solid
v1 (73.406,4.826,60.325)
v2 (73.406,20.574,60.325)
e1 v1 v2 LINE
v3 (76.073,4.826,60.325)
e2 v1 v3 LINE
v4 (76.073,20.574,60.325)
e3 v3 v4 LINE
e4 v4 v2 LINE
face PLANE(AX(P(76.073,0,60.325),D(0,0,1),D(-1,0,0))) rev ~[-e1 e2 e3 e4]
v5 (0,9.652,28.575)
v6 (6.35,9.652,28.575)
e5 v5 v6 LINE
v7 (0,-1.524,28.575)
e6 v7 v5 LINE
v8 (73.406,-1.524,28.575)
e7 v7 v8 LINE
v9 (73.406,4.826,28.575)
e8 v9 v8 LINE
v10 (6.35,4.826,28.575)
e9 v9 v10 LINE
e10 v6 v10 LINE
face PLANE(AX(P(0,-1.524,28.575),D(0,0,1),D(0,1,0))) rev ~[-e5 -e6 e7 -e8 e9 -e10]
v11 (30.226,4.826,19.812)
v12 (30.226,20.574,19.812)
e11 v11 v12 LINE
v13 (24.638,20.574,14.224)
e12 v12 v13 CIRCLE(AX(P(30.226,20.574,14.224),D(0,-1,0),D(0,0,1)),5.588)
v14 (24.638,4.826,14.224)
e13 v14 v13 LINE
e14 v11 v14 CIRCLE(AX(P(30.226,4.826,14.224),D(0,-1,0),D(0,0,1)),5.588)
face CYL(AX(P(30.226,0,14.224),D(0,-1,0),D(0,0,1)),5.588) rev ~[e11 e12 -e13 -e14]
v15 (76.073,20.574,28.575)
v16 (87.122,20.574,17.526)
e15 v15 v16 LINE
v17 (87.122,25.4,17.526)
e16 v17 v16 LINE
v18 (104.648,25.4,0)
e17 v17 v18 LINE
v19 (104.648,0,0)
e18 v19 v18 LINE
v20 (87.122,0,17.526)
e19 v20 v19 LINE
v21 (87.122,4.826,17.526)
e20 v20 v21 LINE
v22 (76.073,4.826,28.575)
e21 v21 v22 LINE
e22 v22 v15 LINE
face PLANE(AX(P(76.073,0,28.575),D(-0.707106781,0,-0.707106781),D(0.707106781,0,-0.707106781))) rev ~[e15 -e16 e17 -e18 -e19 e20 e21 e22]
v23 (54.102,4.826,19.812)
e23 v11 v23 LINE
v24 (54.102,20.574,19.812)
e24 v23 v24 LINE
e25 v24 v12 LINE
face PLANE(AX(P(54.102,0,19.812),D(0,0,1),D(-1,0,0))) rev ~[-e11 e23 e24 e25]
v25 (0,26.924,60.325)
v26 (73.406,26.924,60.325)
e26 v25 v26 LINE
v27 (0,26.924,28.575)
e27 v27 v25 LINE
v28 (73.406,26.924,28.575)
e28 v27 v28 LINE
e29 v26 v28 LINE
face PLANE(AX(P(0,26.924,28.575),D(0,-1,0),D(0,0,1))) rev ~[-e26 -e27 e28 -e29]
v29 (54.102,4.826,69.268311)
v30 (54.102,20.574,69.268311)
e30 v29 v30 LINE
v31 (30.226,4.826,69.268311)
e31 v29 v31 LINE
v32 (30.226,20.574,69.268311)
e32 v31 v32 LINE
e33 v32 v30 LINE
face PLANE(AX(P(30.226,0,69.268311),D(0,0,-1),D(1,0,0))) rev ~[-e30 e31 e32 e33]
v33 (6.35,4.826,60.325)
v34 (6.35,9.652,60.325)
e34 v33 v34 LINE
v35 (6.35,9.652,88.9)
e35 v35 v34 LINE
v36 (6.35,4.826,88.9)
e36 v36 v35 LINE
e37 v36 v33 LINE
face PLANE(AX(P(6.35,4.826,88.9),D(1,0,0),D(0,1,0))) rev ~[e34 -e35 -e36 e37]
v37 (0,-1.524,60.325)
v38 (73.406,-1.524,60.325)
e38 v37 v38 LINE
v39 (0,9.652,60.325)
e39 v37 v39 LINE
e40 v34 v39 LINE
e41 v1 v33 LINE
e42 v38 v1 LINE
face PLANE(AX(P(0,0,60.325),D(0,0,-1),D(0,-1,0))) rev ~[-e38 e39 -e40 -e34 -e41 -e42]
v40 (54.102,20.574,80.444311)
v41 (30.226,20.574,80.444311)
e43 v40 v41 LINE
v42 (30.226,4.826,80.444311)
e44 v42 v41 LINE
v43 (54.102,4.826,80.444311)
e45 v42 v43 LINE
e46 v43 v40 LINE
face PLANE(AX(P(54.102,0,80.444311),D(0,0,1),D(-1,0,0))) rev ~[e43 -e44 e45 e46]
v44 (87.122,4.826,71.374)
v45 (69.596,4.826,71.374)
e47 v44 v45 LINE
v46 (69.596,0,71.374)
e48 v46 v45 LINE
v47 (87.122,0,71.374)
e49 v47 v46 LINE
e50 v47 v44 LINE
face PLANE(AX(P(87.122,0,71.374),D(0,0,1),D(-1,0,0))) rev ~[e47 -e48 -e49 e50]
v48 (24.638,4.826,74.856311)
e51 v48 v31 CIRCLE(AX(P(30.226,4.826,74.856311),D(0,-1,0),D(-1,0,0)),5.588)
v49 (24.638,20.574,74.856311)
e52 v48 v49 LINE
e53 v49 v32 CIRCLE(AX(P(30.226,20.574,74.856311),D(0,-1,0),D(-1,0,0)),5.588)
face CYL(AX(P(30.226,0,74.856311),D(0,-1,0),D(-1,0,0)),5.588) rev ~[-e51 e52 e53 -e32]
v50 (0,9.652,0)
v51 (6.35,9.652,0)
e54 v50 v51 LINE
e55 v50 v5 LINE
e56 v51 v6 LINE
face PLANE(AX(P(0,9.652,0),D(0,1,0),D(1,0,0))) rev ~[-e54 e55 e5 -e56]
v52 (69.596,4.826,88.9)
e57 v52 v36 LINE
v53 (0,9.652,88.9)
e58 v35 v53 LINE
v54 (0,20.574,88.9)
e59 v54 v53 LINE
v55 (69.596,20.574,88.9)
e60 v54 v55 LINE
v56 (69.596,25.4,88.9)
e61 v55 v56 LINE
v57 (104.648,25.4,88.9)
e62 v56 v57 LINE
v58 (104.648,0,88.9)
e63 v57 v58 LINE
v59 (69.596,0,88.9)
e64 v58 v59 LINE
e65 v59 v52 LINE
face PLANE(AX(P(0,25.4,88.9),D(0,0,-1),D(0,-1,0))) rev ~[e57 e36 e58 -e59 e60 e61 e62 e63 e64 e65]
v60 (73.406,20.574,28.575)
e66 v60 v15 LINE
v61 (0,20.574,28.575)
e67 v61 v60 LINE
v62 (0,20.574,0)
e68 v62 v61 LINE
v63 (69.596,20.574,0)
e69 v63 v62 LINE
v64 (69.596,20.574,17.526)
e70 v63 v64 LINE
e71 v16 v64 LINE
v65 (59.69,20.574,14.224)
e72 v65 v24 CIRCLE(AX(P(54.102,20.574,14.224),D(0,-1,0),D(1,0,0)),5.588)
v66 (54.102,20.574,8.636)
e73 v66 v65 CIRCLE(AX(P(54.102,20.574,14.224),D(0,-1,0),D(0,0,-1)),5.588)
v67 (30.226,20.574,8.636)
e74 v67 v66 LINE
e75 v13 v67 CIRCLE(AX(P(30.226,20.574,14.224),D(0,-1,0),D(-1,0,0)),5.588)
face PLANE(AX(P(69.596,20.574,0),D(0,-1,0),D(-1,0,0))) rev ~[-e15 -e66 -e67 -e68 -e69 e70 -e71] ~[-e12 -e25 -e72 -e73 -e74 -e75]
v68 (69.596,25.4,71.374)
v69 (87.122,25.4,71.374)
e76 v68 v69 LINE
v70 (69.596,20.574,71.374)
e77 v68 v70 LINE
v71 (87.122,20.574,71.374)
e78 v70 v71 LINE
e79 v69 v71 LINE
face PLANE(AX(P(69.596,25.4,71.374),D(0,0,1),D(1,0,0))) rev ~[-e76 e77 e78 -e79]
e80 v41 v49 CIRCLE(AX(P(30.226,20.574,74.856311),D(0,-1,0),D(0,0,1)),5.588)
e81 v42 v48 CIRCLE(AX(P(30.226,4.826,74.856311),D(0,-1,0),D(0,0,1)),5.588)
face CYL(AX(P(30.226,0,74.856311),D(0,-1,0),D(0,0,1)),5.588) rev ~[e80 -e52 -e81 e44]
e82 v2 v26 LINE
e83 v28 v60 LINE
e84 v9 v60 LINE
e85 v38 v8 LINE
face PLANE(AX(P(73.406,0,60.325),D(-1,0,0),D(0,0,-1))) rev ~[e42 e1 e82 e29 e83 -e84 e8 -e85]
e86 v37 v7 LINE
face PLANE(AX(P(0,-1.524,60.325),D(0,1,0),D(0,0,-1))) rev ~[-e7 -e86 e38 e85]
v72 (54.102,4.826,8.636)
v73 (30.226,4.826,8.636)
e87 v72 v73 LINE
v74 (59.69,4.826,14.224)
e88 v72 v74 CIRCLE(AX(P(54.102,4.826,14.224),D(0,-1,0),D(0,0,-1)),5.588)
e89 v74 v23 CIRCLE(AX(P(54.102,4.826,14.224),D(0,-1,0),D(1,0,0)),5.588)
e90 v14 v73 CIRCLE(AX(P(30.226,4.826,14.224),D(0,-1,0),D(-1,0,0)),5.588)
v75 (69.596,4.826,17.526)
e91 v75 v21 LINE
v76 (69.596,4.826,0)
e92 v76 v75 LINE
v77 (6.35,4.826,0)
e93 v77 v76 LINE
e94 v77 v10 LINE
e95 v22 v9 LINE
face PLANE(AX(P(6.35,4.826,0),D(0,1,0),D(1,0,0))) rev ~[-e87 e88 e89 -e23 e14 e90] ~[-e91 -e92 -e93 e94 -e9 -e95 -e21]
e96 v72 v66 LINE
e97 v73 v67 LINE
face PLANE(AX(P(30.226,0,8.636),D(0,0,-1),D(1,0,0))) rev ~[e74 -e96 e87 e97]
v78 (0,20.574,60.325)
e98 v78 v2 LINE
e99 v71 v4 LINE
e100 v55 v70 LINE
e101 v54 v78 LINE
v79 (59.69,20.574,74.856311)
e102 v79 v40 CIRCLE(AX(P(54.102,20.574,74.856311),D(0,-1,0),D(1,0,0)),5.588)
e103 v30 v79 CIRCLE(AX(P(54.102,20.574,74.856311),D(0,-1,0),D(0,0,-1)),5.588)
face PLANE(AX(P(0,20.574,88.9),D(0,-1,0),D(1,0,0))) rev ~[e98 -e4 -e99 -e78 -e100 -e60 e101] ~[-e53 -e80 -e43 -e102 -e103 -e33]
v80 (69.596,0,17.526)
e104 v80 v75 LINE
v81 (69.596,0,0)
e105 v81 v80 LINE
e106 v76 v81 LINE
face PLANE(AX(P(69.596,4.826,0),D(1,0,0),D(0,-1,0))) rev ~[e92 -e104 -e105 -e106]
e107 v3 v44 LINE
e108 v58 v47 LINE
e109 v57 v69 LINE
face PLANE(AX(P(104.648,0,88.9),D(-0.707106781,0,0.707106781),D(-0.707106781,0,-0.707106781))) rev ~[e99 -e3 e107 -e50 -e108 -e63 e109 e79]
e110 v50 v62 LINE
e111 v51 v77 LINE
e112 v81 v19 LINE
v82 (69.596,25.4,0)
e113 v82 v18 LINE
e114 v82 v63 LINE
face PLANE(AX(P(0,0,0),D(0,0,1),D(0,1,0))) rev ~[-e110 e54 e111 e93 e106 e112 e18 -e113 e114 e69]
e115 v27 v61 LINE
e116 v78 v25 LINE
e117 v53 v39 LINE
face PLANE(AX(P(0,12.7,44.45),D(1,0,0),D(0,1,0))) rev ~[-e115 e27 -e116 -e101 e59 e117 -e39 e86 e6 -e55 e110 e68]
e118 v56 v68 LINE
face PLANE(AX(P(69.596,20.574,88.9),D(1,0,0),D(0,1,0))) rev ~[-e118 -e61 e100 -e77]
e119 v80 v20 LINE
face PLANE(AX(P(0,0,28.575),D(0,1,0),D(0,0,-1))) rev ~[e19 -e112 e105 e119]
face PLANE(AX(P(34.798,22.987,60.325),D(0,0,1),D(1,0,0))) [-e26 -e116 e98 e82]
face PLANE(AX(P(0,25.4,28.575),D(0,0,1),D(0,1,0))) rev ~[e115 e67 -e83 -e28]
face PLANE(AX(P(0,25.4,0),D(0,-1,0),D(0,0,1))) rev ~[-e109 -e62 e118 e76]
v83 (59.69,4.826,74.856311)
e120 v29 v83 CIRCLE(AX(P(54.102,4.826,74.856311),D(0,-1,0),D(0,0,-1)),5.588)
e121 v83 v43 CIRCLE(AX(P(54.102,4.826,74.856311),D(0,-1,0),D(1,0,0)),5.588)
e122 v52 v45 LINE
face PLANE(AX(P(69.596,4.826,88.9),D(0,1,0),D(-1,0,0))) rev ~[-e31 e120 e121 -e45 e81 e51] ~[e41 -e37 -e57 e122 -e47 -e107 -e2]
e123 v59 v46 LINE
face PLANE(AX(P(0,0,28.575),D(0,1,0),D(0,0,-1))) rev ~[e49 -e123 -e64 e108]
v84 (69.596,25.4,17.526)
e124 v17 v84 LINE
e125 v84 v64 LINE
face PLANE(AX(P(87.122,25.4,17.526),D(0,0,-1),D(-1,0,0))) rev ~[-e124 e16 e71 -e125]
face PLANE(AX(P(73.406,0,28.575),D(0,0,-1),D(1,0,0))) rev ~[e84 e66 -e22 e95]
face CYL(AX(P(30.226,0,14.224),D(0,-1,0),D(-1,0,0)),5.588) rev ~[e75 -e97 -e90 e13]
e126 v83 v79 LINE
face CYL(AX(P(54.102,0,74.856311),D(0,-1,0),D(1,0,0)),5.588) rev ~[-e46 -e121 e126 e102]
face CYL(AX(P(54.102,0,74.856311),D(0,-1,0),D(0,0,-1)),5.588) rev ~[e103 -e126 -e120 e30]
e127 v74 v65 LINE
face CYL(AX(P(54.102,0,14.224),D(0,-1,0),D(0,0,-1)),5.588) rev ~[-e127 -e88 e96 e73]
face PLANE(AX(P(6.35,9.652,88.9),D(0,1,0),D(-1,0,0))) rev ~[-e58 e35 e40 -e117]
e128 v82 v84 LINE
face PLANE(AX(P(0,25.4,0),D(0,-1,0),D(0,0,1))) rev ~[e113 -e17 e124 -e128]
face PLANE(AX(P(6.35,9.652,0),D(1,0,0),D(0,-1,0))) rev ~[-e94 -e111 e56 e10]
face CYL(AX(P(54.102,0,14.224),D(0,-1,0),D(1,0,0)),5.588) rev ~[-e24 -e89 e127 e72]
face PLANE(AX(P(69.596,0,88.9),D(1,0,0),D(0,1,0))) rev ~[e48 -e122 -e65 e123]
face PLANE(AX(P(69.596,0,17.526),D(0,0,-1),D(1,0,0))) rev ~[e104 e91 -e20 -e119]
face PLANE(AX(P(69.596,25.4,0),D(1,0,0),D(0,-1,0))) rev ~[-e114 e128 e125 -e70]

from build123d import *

# Parameters (mm, degrees)
F1_DEPTH  = 104.648
F2_W      = 69.596
F2_H      = 4.826
F3_DEPTH  = 28.575
F2_W_2    = 31.242
F2_H_2    = 1.524
F4_DEPTH  = 150.7
F6_DEPTH  = 28.575
F8_DEPTH  = 26.925
F9_DEPTH  = 4.826
F11_DEPTH = 4.826
F13_DEPTH = 26.925


with BuildPart() as f1:
    # F0 (on Right) → F1 (new body)
    with BuildSketch(Plane.YZ):
        Polygon((0, 28.575), (0, 0), (25.4, 0), (25.4, 28.575), (26.924, 28.575), (26.924, 60.325), (25.4, 60.325), (25.4, 88.9), (0, 88.9), (0, 60.325), (-1.524, 60.325), (-1.524, 28.575), align=None)
    extrude(amount=F1_DEPTH)

    # F2 (on face) → F3 (cut)
    with BuildSketch(Plane.XY.offset(88.9)):
        with Locations((34.798, 22.987)):
            Rectangle(F2_W, F2_H)
        Polygon((0, 4.826), (0, 0), (69.596, 0), (69.596, 4.826), (6.35, 4.826), (6.35, 9.652), (0, 9.652), align=None)
    extrude(amount=-F3_DEPTH, mode=Mode.SUBTRACT)

    # F2 (on face) → F4 (cut)
    with BuildSketch(Plane.XY.offset(88.9)):
        with Locations((89.027, 26.162)):
            Rectangle(F2_W_2, F2_H_2)
        with Locations((89.027, -0.762)):
            Rectangle(F2_W_2, F2_H_2)
    extrude(amount=-F4_DEPTH, mode=Mode.SUBTRACT)

    # F5 (on face) → F6 (cut)
    with BuildSketch(Plane(origin=(0, 0, 0), x_dir=(1, 0, 0), z_dir=(0, 0, -1))):
        Polygon((6.35, -9.652), (6.35, -4.826), (69.596, -4.826), (69.596, 0), (73.406, 0), (73.406, 1.524), (0, 1.524), (0, -9.652), align=None)
        Polygon((69.596, -20.574), (0, -20.574), (0, -26.924), (73.406, -26.924), (73.406, -25.4), (69.596, -25.4), align=None)
    extrude(amount=-F6_DEPTH, mode=Mode.SUBTRACT)

    # F7 (on face) → F8 (cut, through all)
    with BuildSketch(Plane.XZ):
        Polygon((104.648, 44.45), (104.648, 88.9), (87.122, 71.374), (76.073, 60.325), (73.406, 60.325), (73.406, 44.45), align=None)
        Polygon((104.648, 0), (104.648, 44.45), (73.406, 44.45), (73.406, 28.575), (76.073, 28.575), (87.122, 17.526), align=None)
    extrude(amount=-F8_DEPTH, mode=Mode.SUBTRACT)

    # F7 (on face) → F9 (cut)
    with BuildSketch(Plane.XZ):
        Polygon((76.073, 60.325), (87.122, 71.374), (69.596, 71.374), (69.596, 60.325), (73.406, 60.325), align=None)
        Polygon((69.596, 17.526), (87.122, 17.526), (76.073, 28.575), (73.406, 28.575), (69.596, 28.575), align=None)
    extrude(amount=-F9_DEPTH, mode=Mode.SUBTRACT)

    # F10 (on face) → F11 (cut)
    with BuildSketch(Plane(origin=(0, 25.4, 0), x_dir=(-1, 0, 0), z_dir=(0, 1, 0))):
        Polygon((-69.596, 60.325), (-69.596, 71.374), (-87.122, 71.374), (-76.073, 60.325), (-73.406, 60.325), align=None)
        Polygon((-69.596, 17.526), (-69.596, 28.575), (-73.406, 28.575), (-76.073, 28.575), (-87.122, 17.526), align=None)
    extrude(amount=-F11_DEPTH, mode=Mode.SUBTRACT)

    # F12 (on face) → F13 (cut, through all)
    with BuildSketch(Plane.XZ):
        with BuildLine():
            ThreePointArc((30.226, 19.812), (26.2746873067, 18.1753126933), (24.638, 14.224))
            Line((24.638, 14.224), (30.226, 14.224))
            Line((30.226, 14.224), (35.814, 14.224))
            ThreePointArc((35.814, 14.224), (34.1773126933, 18.1753126933), (30.226, 19.812))
        make_face()
        with BuildLine():
            Line((30.226, 14.224), (24.638, 14.224))
            ThreePointArc((24.638, 14.224), (26.2746873067, 10.2726873067), (30.226, 8.636))
            ThreePointArc((30.226, 8.636), (34.1773126933, 10.2726873067), (35.814, 14.224))
            Line((35.814, 14.224), (30.226, 14.224))
        make_face()
        with BuildLine():
            Line((54.102, 19.812), (30.226, 19.812))
            ThreePointArc((30.226, 19.812), (34.1773126933, 18.1753126933), (35.814, 14.224))
            Line((35.814, 14.224), (48.514, 14.224))
            ThreePointArc((48.514, 14.224), (50.1506873067, 18.1753126933), (54.102, 19.812))
        make_face()
        with BuildLine():
            ThreePointArc((35.814, 14.224), (34.1773126933, 10.2726873067), (30.226, 8.636))
            Line((30.226, 8.636), (54.102, 8.636))
            ThreePointArc((54.102, 8.636), (50.1506873067, 10.2726873067), (48.514, 14.224))
            Line((48.514, 14.224), (35.814, 14.224))
        make_face()
        with BuildLine():
            ThreePointArc((59.69, 14.224), (58.0533126933, 18.1753126933), (54.102, 19.812))
            ThreePointArc((54.102, 19.812), (50.1506873067, 18.1753126933), (48.514, 14.224))
            Line((48.514, 14.224), (59.69, 14.224))
        make_face()
        with BuildLine():
            ThreePointArc((48.514, 14.224), (50.1506873067, 10.2726873067), (54.102, 8.636))
            ThreePointArc((54.102, 8.636), (58.0533126933, 10.2726873067), (59.69, 14.224))
            Line((59.69, 14.224), (48.514, 14.224))
        make_face()
        with BuildLine():
            Line((48.514, 74.856311358), (59.69, 74.856311358))
            ThreePointArc((59.69, 74.856311358), (58.0533126933, 78.8076240512), (54.102, 80.444311358))
            ThreePointArc((54.102, 80.444311358), (50.1506873067, 78.8076240512), (48.514, 74.856311358))
        make_face()
        with BuildLine():
            ThreePointArc((54.102, 69.268311358), (58.0533126933, 70.9049986647), (59.69, 74.856311358))
            Line((59.69, 74.856311358), (48.514, 74.856311358))
            ThreePointArc((48.514, 74.856311358), (50.1506873067, 70.9049986647), (54.102, 69.268311358))
        make_face()
        with BuildLine():
            ThreePointArc((48.514, 74.856311358), (50.1506873067, 78.8076240512), (54.102, 80.444311358))
            Line((54.102, 80.444311358), (30.226, 80.444311358))
            ThreePointArc((30.226, 80.444311358), (34.1773126933, 78.8076240512), (35.814, 74.856311358))
            Line((35.814, 74.856311358), (48.514, 74.856311358))
        make_face()
        with BuildLine():
            Line((30.226, 69.268311358), (54.102, 69.268311358))
            ThreePointArc((54.102, 69.268311358), (50.1506873067, 70.9049986647), (48.514, 74.856311358))
            Line((48.514, 74.856311358), (35.814, 74.856311358))
            ThreePointArc((35.814, 74.856311358), (34.1773126933, 70.9049986647), (30.226, 69.268311358))
        make_face()
        with BuildLine():
            ThreePointArc((35.814, 74.856311358), (34.1773126933, 78.8076240512), (30.226, 80.444311358))
            ThreePointArc((30.226, 80.444311358), (26.2746873067, 78.8076240512), (24.638, 74.856311358))
            Line((24.638, 74.856311358), (35.814, 74.856311358))
        make_face()
        with BuildLine():
            ThreePointArc((24.638, 74.856311358), (26.2746873067, 70.9049986647), (30.226, 69.268311358))
            ThreePointArc((30.226, 69.268311358), (34.1773126933, 70.9049986647), (35.814, 74.856311358))
            Line((35.814, 74.856311358), (24.638, 74.856311358))
        make_face()
    extrude(amount=-F13_DEPTH, mode=Mode.SUBTRACT)


solid = f1.part
